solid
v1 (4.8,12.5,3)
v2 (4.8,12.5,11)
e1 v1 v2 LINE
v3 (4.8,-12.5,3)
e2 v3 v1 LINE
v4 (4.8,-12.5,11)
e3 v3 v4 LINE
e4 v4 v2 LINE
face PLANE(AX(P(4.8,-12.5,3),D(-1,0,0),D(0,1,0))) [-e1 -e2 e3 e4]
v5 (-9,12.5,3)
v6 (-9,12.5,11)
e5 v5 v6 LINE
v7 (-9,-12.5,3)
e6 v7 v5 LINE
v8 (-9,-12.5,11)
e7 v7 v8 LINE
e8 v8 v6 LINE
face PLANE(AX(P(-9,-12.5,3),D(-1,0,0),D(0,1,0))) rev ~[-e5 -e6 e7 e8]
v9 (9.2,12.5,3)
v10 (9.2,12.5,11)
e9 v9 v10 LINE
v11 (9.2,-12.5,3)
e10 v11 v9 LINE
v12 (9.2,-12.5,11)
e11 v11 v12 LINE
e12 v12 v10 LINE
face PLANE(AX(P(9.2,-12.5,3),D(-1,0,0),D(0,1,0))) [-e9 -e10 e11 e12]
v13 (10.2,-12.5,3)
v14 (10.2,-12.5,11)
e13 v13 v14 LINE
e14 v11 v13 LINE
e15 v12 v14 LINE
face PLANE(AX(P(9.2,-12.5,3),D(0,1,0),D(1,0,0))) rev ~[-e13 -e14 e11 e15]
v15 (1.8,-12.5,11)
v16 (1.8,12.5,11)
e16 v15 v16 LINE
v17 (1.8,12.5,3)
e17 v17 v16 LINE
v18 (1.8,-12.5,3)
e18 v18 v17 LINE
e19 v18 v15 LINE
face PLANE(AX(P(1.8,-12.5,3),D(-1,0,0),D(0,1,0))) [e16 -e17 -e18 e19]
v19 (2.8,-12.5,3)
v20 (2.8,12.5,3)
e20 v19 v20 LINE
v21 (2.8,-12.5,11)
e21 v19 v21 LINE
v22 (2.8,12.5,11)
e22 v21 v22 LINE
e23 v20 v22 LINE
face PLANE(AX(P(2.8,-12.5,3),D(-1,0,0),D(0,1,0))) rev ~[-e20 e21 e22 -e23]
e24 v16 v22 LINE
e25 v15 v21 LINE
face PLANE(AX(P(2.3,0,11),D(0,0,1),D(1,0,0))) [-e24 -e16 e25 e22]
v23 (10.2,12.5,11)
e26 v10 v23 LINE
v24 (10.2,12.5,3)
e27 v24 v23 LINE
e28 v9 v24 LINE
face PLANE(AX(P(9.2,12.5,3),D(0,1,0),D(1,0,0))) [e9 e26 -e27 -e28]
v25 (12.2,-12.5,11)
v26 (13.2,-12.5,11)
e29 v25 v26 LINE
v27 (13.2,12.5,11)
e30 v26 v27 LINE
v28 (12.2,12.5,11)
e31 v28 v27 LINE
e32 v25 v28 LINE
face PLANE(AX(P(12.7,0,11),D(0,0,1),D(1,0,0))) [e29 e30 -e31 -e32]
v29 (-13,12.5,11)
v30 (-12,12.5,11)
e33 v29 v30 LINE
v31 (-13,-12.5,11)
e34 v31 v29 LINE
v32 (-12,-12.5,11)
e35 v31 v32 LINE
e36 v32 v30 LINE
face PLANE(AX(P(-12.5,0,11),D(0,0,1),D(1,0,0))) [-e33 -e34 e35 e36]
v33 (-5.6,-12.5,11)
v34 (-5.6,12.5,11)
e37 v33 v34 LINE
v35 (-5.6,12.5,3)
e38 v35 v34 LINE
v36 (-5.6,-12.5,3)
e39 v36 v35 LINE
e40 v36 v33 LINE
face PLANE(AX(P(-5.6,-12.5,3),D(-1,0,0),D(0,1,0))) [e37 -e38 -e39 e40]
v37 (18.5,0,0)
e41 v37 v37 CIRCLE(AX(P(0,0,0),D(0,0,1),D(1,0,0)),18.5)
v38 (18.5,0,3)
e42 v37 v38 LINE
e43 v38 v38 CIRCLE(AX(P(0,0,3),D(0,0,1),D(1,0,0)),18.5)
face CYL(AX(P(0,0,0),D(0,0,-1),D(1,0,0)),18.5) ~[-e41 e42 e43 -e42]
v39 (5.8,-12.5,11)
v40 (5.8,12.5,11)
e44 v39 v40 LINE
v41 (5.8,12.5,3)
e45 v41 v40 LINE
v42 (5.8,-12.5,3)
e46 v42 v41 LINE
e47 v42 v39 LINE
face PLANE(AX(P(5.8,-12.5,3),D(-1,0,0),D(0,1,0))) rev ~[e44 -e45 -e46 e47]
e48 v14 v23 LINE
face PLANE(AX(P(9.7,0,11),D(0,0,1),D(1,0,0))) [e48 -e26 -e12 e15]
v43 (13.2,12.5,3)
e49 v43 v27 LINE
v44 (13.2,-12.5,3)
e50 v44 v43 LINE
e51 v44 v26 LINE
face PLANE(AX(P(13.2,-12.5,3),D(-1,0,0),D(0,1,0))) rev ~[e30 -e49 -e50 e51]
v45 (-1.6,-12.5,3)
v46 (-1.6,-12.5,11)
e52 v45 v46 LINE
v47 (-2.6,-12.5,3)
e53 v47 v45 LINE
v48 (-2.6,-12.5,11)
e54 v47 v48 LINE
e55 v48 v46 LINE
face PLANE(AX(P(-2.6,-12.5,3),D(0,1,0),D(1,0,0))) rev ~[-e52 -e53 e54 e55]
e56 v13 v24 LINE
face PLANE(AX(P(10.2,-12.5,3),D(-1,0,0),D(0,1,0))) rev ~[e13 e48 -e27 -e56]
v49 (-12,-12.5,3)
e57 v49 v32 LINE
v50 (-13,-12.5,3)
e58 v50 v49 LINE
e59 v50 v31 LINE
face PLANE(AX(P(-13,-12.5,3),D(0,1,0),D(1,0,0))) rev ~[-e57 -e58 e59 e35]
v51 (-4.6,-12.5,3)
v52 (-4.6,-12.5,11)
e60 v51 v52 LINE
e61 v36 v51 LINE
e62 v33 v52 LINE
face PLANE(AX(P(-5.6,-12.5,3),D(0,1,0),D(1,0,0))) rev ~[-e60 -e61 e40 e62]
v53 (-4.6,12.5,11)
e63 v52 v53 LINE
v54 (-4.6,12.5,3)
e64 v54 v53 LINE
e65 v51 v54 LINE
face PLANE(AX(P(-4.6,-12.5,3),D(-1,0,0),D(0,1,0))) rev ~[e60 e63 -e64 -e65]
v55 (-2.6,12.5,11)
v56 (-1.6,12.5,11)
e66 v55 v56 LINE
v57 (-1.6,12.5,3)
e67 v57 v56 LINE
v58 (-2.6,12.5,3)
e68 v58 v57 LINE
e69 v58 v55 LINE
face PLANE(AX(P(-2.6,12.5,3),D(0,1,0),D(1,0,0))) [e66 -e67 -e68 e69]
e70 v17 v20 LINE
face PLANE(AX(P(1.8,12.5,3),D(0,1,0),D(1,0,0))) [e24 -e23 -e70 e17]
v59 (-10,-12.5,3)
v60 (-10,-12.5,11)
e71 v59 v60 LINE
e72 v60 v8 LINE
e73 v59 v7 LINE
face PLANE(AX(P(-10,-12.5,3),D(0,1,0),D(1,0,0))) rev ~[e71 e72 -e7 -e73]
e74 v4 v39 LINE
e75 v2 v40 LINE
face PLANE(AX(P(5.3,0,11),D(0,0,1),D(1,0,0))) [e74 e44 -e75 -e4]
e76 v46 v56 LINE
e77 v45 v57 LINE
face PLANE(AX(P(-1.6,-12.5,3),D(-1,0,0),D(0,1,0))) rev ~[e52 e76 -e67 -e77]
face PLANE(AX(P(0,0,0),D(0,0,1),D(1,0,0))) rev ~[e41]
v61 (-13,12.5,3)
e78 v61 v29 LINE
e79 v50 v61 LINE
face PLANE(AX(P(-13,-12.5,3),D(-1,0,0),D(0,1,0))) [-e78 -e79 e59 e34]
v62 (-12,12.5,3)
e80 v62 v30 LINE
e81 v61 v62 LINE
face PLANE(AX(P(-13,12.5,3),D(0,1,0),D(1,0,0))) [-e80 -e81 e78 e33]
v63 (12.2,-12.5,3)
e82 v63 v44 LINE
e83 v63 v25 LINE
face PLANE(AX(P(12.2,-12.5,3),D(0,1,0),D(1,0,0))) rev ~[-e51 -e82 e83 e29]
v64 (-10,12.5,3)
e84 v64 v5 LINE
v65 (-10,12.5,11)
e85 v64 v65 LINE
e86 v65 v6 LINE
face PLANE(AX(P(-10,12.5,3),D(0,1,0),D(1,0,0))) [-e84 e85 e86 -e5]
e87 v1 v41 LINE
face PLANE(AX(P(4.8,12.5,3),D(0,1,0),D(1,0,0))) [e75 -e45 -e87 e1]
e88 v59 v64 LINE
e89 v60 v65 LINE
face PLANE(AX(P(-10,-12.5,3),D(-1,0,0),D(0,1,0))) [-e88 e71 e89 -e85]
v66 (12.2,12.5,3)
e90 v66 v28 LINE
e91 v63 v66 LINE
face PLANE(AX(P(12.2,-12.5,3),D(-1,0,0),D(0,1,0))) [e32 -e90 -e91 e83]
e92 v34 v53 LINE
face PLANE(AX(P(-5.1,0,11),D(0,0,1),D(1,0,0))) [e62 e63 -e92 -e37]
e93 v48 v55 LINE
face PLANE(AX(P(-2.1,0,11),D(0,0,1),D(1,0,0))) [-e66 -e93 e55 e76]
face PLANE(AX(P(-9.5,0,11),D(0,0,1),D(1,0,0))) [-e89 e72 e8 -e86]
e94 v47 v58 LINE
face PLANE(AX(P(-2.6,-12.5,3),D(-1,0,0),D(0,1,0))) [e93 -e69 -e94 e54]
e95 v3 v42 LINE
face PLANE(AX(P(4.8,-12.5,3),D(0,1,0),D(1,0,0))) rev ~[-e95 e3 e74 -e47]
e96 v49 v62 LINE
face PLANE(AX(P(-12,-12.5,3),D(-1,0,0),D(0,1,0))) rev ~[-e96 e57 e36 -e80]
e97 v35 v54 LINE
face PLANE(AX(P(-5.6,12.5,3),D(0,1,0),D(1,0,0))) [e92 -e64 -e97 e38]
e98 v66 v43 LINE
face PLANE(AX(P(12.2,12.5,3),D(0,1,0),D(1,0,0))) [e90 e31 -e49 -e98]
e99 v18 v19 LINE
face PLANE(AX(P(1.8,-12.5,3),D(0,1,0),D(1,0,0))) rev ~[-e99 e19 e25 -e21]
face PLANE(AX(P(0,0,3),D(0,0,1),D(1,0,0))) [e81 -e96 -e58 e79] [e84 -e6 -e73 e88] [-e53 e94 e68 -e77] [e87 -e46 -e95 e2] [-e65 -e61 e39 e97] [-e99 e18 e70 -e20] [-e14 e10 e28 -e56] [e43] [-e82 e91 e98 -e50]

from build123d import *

# Parameters (mm, degrees)
F0_R     = 18.5
F1_DEPTH = 3
F2_W     = 1
F2_H     = 25
F3_DEPTH = 8


with BuildPart() as f1:
    # F0 (on Top) → F1 (new body)
    with BuildSketch(Plane.XY):
        Circle(F0_R)
    extrude(amount=F1_DEPTH)

    # F2 (on face) → F3 (join)
    with BuildSketch(Plane.XY.offset(3)):
        with Locations((-12.5, 0)):
            Rectangle(F2_W, F2_H)
        with Locations((-9.5, 0)):
            Rectangle(F2_W, F2_H)
        with Locations((-5.1, 0)):
            Rectangle(F2_W, F2_H)
        with Locations((-2.1, 0)):
            Rectangle(F2_W, F2_H)
        with Locations((2.3, 0)):
            Rectangle(F2_W, F2_H)
        with Locations((5.3, 0)):
            Rectangle(F2_W, F2_H)
        with Locations((9.7, 0)):
            Rectangle(F2_W, F2_H)
        with Locations((12.7, 0)):
            Rectangle(F2_W, F2_H)
    extrude(amount=F3_DEPTH)


solid = f1.part
